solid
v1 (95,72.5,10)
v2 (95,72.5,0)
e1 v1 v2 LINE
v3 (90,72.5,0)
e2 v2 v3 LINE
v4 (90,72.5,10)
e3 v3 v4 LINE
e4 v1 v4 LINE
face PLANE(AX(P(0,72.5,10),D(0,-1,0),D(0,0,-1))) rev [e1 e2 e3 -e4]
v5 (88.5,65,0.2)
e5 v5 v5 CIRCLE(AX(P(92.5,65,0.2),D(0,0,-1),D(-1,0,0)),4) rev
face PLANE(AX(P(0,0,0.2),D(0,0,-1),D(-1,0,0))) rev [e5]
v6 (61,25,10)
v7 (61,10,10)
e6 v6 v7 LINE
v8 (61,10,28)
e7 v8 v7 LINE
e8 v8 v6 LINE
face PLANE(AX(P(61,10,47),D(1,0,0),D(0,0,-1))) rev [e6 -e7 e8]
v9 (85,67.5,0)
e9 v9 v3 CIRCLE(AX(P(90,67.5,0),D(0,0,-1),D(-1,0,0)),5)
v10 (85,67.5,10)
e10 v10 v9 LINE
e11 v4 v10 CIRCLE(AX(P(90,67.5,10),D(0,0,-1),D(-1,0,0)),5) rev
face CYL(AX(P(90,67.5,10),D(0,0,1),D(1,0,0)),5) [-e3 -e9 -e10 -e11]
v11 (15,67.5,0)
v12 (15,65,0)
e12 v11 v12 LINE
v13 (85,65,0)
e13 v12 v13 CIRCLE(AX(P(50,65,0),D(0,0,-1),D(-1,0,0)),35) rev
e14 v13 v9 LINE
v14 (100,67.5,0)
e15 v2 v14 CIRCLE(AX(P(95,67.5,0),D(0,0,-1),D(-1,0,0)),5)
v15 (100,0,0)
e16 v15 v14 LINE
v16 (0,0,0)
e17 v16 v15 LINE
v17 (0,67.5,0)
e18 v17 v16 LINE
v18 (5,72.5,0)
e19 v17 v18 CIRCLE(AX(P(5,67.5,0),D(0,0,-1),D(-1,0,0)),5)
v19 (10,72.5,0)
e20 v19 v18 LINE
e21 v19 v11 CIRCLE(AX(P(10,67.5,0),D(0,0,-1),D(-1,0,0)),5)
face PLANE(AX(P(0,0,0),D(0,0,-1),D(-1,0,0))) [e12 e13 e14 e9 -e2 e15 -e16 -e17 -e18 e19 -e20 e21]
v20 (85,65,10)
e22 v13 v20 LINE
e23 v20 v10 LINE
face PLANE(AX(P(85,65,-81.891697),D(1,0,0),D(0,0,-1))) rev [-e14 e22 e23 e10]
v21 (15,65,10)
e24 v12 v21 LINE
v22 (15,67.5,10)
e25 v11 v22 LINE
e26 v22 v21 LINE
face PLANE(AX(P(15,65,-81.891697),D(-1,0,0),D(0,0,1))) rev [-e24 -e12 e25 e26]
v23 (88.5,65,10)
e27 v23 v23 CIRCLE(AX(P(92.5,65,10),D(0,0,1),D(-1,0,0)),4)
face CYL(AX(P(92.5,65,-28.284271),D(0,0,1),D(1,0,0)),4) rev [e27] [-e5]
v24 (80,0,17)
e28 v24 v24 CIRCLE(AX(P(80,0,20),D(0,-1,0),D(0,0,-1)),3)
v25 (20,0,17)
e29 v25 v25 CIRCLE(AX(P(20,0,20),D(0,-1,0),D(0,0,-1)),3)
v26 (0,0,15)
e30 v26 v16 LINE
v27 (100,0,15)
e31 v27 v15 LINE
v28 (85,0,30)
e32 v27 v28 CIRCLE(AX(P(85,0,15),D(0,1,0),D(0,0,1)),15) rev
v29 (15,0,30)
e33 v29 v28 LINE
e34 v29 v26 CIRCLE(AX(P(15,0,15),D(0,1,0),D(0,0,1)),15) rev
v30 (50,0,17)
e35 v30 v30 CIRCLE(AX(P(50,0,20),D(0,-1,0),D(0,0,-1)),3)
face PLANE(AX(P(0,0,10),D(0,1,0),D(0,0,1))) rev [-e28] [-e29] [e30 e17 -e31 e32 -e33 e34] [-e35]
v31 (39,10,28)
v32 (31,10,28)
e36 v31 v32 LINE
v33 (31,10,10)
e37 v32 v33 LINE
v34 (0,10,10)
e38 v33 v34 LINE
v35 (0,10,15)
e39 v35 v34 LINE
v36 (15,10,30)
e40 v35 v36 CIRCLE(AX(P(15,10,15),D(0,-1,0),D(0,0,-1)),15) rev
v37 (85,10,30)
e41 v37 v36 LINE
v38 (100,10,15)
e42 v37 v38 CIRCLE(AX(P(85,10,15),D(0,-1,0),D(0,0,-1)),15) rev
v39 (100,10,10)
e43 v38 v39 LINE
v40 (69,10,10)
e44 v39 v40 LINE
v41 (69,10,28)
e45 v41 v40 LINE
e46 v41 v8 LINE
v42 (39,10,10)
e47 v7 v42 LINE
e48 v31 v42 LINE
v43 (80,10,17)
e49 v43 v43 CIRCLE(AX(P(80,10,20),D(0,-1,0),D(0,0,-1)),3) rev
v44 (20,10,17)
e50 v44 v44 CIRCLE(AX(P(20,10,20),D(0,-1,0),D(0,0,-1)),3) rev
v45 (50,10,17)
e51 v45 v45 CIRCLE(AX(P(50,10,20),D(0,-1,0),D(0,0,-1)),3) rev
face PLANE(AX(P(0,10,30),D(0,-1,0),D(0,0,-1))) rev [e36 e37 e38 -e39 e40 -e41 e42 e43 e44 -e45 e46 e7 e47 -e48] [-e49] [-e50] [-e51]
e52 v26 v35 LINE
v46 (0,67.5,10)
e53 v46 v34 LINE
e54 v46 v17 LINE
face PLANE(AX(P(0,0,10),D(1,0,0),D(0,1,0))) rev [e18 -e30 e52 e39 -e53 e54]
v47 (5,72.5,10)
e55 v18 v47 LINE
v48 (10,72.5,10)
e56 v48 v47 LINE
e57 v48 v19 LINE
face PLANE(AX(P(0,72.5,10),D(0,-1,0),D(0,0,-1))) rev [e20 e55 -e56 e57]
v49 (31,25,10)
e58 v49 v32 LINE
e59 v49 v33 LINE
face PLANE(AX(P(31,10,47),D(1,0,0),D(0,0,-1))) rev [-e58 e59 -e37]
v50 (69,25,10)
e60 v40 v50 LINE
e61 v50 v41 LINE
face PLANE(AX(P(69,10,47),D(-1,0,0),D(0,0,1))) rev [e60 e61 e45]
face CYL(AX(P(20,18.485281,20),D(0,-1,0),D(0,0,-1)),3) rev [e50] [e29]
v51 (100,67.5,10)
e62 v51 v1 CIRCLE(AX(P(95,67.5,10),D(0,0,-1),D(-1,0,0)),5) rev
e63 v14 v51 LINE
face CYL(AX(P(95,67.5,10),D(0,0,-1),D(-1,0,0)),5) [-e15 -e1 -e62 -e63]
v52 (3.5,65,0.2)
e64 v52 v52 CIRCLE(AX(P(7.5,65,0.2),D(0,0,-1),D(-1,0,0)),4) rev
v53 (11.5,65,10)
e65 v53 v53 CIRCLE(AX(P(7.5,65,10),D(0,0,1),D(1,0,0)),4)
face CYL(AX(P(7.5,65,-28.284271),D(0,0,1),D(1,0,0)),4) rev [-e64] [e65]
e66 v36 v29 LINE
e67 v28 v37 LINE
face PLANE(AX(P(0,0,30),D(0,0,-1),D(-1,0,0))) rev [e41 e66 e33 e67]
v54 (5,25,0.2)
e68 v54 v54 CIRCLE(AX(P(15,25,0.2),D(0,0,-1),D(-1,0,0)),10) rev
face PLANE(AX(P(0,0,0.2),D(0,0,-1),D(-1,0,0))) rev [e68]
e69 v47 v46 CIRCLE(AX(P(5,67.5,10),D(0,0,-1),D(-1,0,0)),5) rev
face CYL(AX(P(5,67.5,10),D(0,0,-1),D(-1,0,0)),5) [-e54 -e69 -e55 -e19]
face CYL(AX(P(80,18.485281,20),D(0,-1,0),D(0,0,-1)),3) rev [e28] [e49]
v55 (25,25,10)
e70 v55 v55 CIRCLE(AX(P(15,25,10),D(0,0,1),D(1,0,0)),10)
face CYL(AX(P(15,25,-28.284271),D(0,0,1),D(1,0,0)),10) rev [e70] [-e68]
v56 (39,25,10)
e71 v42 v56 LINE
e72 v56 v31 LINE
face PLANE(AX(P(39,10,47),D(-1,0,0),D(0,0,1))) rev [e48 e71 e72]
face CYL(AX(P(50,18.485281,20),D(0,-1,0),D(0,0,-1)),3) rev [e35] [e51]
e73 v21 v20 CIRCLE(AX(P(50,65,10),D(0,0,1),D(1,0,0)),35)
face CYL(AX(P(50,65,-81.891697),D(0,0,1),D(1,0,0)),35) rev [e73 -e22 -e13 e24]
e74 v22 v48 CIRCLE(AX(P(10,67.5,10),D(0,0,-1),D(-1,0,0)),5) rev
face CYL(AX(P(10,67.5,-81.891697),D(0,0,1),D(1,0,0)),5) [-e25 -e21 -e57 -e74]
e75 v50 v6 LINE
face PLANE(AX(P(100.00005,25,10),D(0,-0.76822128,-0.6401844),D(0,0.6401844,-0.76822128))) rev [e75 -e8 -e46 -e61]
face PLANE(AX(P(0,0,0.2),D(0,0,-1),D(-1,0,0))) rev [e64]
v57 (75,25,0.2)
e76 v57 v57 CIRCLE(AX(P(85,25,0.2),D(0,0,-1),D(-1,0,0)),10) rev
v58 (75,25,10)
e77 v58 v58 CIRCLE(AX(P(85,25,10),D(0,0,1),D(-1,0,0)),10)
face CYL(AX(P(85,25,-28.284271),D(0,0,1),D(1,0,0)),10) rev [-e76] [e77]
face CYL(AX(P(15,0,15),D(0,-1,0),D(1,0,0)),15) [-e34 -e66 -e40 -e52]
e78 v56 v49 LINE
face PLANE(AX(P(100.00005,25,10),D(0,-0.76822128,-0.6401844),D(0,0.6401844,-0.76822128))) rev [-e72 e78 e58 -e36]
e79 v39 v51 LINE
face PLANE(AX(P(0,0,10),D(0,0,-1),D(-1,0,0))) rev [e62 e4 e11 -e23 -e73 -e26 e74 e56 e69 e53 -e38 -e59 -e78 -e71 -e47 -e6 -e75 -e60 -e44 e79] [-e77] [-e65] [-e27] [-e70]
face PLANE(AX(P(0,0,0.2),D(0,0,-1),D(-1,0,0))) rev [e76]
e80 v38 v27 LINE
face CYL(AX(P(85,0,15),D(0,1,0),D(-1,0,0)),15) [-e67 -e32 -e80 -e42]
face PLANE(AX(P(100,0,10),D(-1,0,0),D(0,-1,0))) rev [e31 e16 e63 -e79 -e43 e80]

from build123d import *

# Parameters (mm, degrees)
SKETCH1_W           = 100
SKETCH1_H           = 72.5
BOSS_EXTRUDE1_DEPTH = 10
CUT_EXTRUDE1_DEPTH  = 10
SKETCH3_W           = 100
SKETCH3_H           = 10
FEET_DEPTH          = 20
SKETCH4_R           = 3
FEET_HOLE_DEPTH     = 10
SKETCH6_W           = 8
SKETCH6_H           = 15
BOSS_EXTRUDE2_DEPTH = 18
CUT_EXTRUDE2_DEPTH  = 105.485644947
SKETCH5_R           = 4
SKETCH5_R_2         = 10
CUT_EXTRUDE3_DEPTH  = 9.8
FILLET1_R           = 5
FILLET2_R           = 15


with BuildPart() as part:
    # Sketch1 → Boss-Extrude1 (new body)
    with BuildSketch(Plane.XY):
        with Locations((50, 36.25)):
            Rectangle(SKETCH1_W, SKETCH1_H)
    extrude(amount=BOSS_EXTRUDE1_DEPTH)

    # Sketch2 → Cut-Extrude1 (cut)
    with BuildSketch(Plane.XY.offset(10)):
        with BuildLine():
            Line((85, 65), (85, 72.5))
            Line((85, 72.5), (15, 72.5))
            Line((15, 72.5), (15, 65))
            ThreePointArc((15, 65), (50, 30), (85, 65))
        make_face()
    extrude(amount=-CUT_EXTRUDE1_DEPTH, mode=Mode.SUBTRACT)

    # Sketch3 → feet (add)
    with BuildSketch(Plane.XY.offset(10)):
        with Locations((50, 5)):
            Rectangle(SKETCH3_W, SKETCH3_H)
    extrude(amount=FEET_DEPTH)

    # Sketch4 → feet-hole (cut)
    with BuildSketch(Plane.XZ):
        with Locations(Location((20, 20, 0), (0, 0, 270))):
            Circle(SKETCH4_R)
        with Locations(Location((80, 20, 0), (0, 0, 270))):
            Circle(SKETCH4_R)
        with Locations(Location((50, 20, 0), (0, 0, 270))):
            Circle(SKETCH4_R)
    extrude(amount=-FEET_HOLE_DEPTH, mode=Mode.SUBTRACT)

    # Sketch6 → Boss-Extrude2 (add)
    with BuildSketch(Plane.XY.offset(10)):
        with Locations((35, 17.5)):
            Rectangle(SKETCH6_W, SKETCH6_H)
        with Locations((65, 17.5)):
            Rectangle(SKETCH6_W, SKETCH6_H)
    extrude(amount=BOSS_EXTRUDE2_DEPTH)

    # Sketch7 → Cut-Extrude2 (cut, through all)
    with BuildSketch(Plane.ZY.offset(-31)):
        Polygon((10, 25), (28, 10), (28, 25), align=None)
    extrude(amount=-CUT_EXTRUDE2_DEPTH, mode=Mode.SUBTRACT)

    # Sketch5 → Cut-Extrude3 (cut)
    with BuildSketch(Plane.XY.offset(10)):
        with Locations((7.5, 65)):
            Circle(SKETCH5_R)
        with Locations(Location((92.5, 65, 0), (0, 0, 180))):
            Circle(SKETCH5_R)
        with Locations((15, 25)):
            Circle(SKETCH5_R_2)
        with Locations(Location((85, 25, 0), (0, 0, 180))):
            Circle(SKETCH5_R_2)
    extrude(amount=-CUT_EXTRUDE3_DEPTH, mode=Mode.SUBTRACT)

    # Fillet1
    fillet1_edges = [part.edges().sort_by_distance(p)[0] for p in [
        (0, 72.5, 5),
        (15, 72.5, 5),
        (85, 72.5, 5),
        (100, 72.5, 5),
    ]]
    fillet(fillet1_edges, radius=FILLET1_R)

    # Fillet2
    fillet2_edges = [part.edges().sort_by_distance(p)[0] for p in [
        (0, 5, 30),
        (100, 5, 30),
    ]]
    fillet(fillet2_edges, radius=FILLET2_R)


solid = part.part
